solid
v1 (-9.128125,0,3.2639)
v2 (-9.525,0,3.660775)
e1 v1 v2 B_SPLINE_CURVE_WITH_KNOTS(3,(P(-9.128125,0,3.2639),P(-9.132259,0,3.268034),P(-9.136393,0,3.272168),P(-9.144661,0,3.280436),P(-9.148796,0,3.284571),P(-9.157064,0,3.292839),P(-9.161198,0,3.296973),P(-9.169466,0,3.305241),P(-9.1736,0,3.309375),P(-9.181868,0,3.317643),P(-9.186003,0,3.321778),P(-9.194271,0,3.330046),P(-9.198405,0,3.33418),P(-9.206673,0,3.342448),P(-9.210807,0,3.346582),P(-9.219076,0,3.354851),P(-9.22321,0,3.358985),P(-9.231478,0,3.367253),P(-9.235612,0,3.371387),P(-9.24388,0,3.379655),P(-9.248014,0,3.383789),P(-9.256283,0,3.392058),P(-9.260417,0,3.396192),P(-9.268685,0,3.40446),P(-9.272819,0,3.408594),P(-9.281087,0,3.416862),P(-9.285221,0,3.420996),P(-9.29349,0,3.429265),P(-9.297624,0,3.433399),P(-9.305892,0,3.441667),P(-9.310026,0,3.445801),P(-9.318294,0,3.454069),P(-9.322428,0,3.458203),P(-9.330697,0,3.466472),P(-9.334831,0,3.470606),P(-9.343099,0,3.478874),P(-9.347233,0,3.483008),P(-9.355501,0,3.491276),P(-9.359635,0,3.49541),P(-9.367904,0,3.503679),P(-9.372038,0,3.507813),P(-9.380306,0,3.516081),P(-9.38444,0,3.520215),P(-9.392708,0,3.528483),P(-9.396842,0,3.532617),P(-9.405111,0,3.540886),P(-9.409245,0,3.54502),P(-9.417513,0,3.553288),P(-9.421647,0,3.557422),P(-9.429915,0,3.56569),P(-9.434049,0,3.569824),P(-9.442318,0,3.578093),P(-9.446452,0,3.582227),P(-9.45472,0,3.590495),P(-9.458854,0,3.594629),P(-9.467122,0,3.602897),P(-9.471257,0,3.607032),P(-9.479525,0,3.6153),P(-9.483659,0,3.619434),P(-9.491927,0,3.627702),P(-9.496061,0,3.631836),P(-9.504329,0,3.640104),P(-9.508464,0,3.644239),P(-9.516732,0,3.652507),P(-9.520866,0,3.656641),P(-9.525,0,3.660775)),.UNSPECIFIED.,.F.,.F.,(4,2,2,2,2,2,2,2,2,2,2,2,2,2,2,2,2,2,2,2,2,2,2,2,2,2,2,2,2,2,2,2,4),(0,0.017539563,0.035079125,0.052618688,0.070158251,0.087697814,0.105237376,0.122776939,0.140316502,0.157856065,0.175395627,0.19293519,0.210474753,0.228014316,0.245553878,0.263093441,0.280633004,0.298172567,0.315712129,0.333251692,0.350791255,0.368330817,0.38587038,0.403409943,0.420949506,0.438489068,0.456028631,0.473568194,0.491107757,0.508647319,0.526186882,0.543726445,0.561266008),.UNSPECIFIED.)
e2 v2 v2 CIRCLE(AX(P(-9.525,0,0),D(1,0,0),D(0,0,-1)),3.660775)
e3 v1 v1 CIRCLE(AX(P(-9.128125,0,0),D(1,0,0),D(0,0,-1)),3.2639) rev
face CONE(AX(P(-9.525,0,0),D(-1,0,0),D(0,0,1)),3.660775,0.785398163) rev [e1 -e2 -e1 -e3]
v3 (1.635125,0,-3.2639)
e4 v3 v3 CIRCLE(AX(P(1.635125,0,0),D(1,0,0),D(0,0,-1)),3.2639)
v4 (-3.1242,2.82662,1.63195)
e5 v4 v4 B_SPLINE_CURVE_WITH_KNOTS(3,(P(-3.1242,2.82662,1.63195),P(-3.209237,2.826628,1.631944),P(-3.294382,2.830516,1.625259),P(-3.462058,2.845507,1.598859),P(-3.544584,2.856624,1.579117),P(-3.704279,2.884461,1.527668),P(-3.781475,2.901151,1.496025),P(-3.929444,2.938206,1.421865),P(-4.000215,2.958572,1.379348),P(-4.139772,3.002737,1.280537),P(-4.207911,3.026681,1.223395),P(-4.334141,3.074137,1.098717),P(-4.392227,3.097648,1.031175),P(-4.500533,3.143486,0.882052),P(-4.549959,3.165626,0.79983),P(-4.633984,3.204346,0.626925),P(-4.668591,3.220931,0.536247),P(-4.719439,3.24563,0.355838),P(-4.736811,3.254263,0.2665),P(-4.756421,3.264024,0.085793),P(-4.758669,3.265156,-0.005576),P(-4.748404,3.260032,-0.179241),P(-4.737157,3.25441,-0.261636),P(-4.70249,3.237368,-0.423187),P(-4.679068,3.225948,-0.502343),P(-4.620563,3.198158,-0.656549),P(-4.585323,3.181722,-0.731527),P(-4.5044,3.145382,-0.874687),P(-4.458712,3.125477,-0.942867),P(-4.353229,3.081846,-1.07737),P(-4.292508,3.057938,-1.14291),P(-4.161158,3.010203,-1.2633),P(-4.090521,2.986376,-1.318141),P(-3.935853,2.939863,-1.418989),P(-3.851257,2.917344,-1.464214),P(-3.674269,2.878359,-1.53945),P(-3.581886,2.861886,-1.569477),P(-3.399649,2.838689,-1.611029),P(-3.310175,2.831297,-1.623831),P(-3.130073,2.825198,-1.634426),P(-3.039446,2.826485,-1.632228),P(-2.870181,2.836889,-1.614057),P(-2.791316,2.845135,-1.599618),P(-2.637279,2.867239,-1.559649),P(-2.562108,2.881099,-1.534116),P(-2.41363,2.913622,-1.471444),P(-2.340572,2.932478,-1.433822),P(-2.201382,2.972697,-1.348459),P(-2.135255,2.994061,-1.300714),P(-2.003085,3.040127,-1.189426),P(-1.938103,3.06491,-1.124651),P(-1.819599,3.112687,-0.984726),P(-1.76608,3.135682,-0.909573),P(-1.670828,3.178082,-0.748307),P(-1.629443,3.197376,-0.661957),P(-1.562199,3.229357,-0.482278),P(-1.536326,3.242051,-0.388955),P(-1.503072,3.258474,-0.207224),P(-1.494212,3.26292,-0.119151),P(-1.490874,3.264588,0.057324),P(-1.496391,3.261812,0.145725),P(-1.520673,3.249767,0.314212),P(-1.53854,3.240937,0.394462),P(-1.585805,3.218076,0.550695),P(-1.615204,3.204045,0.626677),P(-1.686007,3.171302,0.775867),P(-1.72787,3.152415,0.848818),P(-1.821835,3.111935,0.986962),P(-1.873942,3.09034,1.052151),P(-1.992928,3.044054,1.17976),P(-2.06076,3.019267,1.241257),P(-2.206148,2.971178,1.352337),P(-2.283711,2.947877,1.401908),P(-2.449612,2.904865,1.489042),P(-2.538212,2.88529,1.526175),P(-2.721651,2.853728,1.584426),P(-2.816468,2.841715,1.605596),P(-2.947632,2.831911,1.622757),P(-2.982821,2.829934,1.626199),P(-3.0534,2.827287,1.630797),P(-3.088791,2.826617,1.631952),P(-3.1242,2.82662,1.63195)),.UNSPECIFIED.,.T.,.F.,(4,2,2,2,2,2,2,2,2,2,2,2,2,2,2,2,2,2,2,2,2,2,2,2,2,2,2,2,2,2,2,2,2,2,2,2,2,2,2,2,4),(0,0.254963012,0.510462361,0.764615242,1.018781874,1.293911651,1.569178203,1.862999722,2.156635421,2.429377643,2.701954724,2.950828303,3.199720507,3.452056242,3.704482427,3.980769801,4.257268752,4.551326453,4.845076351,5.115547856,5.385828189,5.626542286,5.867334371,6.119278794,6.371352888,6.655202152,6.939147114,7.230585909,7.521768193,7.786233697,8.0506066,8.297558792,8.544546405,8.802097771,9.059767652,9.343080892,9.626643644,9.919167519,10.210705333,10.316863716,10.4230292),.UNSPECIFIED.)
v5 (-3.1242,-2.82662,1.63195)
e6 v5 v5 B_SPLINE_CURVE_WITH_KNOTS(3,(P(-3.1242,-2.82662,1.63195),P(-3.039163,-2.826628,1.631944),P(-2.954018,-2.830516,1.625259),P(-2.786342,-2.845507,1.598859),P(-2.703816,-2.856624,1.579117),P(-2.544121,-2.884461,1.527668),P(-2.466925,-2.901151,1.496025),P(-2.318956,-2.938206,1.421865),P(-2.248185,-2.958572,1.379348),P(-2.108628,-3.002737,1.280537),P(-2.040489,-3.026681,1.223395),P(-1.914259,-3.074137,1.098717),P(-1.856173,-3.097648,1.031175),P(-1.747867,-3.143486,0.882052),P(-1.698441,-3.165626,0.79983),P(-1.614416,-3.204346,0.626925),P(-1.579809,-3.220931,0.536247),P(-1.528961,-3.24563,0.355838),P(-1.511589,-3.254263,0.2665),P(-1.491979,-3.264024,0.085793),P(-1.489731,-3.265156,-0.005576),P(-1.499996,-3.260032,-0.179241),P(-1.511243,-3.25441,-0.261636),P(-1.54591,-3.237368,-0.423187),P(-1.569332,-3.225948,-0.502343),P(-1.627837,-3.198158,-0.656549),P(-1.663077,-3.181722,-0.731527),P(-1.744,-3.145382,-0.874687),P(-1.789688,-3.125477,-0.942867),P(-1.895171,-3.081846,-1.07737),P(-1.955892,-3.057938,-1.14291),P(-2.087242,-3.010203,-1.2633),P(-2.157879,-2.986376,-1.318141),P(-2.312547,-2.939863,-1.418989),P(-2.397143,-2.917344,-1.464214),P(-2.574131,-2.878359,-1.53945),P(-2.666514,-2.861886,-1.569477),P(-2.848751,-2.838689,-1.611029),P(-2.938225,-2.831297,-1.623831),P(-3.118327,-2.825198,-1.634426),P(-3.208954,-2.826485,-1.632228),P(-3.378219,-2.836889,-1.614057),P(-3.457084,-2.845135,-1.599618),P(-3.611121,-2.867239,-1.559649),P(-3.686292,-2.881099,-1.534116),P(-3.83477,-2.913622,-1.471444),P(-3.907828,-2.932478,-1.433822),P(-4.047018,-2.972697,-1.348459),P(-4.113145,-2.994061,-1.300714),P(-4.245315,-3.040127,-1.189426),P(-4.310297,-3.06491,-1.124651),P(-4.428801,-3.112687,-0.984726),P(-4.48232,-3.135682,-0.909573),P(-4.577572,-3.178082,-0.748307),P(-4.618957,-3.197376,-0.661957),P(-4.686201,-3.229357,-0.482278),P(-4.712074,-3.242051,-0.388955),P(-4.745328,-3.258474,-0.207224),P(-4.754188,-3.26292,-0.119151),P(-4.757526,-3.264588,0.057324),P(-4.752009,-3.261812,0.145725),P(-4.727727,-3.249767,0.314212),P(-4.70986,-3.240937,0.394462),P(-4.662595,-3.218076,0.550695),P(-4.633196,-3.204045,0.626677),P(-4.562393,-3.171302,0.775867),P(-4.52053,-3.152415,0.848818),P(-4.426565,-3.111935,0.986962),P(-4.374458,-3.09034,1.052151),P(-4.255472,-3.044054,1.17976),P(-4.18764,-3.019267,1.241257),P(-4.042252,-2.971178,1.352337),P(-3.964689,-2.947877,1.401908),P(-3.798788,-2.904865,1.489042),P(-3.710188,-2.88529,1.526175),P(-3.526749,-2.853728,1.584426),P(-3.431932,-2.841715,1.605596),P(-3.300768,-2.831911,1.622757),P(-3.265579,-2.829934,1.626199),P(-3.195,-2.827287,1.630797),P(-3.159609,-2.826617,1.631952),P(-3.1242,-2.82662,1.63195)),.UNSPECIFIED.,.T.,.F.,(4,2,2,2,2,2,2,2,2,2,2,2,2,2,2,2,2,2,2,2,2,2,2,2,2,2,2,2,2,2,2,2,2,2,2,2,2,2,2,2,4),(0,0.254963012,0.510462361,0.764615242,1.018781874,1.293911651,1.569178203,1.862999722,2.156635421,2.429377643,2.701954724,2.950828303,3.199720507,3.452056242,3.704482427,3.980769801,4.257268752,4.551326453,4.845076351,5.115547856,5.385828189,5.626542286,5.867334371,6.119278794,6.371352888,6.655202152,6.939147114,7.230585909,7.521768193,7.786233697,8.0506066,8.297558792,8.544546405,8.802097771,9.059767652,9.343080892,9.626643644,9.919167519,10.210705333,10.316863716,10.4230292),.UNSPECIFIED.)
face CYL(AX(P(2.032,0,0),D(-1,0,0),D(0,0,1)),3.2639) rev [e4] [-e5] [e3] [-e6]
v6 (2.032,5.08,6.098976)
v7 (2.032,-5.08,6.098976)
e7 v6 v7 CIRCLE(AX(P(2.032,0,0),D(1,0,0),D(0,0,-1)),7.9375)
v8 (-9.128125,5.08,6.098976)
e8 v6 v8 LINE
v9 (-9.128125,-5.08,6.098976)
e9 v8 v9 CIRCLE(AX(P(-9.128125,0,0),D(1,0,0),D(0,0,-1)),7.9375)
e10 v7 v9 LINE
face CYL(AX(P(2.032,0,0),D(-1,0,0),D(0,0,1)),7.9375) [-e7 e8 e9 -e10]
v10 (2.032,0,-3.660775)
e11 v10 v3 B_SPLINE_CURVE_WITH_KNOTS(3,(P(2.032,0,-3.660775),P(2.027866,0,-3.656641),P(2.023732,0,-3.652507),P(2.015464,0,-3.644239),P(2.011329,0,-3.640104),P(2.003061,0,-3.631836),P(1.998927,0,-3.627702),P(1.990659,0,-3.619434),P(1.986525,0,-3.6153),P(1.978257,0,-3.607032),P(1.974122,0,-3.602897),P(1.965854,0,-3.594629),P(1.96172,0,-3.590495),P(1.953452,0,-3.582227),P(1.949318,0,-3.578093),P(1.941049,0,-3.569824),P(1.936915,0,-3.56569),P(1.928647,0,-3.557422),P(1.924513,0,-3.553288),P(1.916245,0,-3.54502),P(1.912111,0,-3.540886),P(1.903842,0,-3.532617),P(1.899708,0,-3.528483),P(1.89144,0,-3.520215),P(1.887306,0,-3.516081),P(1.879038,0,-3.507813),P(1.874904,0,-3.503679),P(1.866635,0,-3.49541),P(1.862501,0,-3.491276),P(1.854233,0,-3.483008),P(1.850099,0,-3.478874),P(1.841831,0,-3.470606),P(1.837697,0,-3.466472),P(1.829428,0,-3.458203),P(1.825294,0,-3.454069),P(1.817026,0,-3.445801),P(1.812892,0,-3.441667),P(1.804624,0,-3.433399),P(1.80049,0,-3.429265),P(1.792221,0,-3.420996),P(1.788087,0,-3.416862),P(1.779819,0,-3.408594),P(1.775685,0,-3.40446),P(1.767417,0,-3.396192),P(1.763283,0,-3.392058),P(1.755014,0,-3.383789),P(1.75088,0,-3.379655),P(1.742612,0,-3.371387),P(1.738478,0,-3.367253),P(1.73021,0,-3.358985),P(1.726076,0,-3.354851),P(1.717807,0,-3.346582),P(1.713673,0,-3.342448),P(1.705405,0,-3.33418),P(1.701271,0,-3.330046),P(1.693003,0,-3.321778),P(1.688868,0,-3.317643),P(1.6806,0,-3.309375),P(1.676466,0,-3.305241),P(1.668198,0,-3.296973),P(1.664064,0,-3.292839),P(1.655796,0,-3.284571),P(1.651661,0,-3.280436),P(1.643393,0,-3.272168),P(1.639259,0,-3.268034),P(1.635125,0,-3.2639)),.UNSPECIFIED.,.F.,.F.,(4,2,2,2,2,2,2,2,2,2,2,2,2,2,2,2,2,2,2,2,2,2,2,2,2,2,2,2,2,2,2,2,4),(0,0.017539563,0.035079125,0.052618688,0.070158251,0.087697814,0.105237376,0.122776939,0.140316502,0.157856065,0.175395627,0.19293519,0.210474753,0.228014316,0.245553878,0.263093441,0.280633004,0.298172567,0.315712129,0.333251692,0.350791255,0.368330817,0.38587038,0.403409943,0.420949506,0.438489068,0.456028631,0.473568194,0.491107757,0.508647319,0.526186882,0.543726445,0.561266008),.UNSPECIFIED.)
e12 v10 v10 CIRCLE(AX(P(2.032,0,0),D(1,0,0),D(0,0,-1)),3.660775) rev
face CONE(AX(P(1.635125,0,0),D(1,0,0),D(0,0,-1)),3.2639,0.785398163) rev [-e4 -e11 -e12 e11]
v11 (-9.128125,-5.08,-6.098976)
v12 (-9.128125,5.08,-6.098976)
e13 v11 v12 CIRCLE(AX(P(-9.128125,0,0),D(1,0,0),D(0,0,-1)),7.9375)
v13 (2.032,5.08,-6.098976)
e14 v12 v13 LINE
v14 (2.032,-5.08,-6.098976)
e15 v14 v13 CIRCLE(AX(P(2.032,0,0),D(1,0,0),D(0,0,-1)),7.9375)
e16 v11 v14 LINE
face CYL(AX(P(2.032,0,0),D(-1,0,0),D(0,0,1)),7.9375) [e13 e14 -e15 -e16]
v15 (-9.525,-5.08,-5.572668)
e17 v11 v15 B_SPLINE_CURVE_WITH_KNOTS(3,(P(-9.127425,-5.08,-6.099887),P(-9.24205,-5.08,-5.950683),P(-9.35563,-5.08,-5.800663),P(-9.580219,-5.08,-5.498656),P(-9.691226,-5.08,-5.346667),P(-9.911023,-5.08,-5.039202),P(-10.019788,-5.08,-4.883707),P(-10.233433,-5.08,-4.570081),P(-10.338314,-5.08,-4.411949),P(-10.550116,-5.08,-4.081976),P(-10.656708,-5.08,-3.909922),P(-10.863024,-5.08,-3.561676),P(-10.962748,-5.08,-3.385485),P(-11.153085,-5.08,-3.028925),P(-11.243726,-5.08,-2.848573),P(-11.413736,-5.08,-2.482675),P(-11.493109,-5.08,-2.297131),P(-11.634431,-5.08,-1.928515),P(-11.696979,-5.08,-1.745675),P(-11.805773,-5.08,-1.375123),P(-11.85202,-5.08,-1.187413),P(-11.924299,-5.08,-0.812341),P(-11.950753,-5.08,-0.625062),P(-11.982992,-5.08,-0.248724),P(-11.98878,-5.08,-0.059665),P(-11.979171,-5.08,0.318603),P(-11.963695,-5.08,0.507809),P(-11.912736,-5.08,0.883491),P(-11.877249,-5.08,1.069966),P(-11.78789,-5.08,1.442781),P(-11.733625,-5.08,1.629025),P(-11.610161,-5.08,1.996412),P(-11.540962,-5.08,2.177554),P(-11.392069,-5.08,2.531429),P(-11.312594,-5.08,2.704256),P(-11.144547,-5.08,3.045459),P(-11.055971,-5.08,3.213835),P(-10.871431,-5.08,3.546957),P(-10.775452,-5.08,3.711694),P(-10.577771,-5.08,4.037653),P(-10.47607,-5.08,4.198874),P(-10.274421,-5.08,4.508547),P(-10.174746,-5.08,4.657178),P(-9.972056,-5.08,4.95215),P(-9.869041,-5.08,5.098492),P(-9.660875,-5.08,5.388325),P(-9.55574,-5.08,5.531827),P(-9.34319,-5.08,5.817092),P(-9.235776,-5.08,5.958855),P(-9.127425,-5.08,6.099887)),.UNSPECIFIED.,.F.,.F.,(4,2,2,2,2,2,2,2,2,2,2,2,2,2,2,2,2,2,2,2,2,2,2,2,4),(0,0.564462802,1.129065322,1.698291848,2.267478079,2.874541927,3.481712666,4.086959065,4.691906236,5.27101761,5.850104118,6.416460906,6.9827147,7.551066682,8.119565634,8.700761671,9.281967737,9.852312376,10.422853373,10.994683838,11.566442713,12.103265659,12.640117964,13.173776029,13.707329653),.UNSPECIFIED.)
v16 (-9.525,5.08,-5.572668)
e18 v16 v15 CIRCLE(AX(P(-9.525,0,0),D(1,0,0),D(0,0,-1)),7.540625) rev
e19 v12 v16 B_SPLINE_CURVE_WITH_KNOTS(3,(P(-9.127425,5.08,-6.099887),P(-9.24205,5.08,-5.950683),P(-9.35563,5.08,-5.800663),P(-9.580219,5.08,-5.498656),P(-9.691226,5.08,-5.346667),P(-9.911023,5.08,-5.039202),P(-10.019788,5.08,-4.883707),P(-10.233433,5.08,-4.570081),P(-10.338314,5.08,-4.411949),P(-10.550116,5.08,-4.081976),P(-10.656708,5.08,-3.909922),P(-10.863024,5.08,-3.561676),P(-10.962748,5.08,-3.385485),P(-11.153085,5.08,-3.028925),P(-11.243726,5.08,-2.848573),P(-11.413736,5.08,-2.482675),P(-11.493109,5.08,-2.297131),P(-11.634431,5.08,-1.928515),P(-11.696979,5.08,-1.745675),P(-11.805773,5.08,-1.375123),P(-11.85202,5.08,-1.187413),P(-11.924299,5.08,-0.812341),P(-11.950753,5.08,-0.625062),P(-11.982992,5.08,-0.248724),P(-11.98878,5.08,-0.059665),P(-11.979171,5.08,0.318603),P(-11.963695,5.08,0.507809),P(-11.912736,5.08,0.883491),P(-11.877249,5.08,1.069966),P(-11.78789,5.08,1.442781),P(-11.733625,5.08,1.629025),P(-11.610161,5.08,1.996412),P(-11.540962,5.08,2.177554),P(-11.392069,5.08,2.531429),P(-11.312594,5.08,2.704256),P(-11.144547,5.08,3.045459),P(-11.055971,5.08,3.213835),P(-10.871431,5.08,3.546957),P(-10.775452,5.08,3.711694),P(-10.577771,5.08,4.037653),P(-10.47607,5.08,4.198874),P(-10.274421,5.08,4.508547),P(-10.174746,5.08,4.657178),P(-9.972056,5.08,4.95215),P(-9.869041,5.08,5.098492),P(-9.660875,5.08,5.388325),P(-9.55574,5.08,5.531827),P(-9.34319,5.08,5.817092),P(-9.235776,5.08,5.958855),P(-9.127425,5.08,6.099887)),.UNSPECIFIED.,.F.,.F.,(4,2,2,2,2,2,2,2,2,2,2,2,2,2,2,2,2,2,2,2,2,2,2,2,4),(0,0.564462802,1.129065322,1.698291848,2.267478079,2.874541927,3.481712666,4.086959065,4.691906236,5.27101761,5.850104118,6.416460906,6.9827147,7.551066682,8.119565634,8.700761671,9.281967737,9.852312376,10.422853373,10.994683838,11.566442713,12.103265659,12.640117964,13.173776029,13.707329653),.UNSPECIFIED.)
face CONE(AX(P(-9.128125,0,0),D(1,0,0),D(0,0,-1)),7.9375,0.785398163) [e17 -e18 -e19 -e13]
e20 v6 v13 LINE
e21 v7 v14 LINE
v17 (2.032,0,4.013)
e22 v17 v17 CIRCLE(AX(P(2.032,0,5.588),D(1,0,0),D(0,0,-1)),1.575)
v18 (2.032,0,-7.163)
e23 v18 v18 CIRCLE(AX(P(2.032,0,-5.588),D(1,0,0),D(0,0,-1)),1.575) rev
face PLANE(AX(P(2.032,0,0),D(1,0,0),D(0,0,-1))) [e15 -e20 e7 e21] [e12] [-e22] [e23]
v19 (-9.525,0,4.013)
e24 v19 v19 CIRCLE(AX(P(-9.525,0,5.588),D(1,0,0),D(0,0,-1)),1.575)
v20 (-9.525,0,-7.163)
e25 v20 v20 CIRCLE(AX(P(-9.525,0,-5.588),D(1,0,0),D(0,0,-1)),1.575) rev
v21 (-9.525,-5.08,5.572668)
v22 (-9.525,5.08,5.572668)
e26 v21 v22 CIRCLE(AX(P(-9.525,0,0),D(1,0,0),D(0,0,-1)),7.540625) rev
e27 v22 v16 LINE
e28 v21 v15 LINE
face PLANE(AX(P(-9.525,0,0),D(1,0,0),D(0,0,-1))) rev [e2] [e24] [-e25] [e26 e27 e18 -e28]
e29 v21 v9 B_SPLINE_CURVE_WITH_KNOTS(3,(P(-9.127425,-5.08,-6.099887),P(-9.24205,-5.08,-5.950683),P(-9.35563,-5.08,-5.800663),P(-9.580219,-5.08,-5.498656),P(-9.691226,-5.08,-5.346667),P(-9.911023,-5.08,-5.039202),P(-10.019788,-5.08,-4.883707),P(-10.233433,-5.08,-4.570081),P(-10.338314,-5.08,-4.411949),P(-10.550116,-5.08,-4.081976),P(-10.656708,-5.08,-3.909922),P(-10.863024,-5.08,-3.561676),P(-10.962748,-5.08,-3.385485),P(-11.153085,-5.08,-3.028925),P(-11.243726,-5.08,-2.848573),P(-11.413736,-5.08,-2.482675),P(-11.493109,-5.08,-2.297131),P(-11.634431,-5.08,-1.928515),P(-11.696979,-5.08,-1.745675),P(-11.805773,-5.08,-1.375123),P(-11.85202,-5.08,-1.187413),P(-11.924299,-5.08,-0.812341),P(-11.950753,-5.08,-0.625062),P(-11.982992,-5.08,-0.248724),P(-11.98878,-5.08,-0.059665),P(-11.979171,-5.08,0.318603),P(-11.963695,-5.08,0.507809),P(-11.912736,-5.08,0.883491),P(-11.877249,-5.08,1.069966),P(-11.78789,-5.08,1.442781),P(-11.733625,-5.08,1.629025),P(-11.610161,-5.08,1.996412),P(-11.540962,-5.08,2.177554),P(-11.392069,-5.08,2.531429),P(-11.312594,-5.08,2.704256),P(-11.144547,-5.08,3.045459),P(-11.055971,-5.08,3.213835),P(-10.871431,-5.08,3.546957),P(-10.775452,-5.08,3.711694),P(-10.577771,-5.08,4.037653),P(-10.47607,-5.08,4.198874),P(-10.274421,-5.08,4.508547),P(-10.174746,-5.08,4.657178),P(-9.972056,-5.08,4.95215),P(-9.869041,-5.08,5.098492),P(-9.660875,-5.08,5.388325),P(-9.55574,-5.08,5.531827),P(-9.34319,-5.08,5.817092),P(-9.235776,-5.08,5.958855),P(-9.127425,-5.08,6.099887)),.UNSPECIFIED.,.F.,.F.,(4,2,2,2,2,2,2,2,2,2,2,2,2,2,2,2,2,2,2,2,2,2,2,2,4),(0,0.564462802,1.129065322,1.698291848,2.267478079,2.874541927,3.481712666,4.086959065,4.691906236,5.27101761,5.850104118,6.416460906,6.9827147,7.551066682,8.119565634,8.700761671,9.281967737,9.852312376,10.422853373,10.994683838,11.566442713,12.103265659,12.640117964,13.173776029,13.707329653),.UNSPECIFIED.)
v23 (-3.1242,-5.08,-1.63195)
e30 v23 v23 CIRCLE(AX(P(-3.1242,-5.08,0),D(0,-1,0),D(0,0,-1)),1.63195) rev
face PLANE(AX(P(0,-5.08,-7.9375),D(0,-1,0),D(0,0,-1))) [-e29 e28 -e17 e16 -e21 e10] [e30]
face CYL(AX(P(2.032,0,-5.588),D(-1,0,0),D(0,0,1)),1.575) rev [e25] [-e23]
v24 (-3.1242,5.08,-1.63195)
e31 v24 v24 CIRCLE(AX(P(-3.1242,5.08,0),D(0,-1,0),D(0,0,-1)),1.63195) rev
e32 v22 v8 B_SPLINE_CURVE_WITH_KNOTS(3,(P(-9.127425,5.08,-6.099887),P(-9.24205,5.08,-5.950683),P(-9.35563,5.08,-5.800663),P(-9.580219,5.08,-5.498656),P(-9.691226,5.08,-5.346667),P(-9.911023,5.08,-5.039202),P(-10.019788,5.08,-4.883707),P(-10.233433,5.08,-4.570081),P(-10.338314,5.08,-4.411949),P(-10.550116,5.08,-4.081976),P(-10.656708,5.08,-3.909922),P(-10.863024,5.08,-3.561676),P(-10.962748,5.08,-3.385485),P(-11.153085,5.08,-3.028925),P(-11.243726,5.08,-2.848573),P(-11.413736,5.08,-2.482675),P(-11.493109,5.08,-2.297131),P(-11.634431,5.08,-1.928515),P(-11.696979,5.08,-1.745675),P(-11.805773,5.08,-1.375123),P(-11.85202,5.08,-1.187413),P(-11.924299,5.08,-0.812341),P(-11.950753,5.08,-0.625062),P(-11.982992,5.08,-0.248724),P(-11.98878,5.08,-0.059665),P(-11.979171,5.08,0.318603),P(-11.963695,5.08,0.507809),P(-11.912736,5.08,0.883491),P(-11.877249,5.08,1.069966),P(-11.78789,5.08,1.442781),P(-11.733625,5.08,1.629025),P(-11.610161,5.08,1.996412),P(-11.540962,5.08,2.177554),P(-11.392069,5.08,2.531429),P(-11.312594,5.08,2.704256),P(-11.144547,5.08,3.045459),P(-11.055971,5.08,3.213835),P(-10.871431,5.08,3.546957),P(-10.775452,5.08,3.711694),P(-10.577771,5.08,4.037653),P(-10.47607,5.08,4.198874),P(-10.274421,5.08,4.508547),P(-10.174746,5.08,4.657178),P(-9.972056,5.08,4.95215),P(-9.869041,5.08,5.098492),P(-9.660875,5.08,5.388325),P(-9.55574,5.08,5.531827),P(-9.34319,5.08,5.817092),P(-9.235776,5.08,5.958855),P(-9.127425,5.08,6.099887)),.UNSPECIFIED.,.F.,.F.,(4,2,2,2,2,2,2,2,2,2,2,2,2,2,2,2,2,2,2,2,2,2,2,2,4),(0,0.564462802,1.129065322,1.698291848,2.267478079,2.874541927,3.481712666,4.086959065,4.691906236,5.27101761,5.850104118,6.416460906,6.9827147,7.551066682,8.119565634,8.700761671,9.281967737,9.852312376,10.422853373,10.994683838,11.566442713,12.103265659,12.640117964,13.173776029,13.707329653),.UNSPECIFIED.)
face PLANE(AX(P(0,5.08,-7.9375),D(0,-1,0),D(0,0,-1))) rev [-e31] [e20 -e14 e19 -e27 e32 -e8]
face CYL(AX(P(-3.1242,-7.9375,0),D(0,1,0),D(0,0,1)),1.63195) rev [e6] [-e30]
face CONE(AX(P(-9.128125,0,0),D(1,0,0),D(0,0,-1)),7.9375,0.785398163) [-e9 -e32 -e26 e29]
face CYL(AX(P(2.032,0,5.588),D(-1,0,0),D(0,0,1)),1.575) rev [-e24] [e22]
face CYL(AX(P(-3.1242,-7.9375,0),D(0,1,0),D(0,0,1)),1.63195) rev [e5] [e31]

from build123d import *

# Parameters (mm, degrees)
SKETCH1_R                                 = 7.9375
SKETCH1_R_2                               = 1.575
SKETCH1_R_3                               = 3.2639
INNER_SIDE_EXTRUDE_DEPTH                  = 2.032
OUTER_START                               = -9.525
SKETCH1_3_R                               = 7.9375
SKETCH1_3_R_2                             = 1.575
SKETCH1_3_R_3                             = 3.2639
OUTER_SIDE_EXTRUDE_DEPTH                  = 9.525
CLEVIS_PIN_CUT_DEPTH                      = 15.721869362
CLEVIS_PIN_CUT_DEPTH_BACK                 = 15.721869362
SKETCH2_R                                 = 1.63195
CHAMFER_SO_STEVE_DOESN_T_CUT_HIMSELF_SIZE = 0.396875
CUT_EXTRUDE1_DEPTH                        = 15.721869469
CUT_EXTRUDE1_DEPTH_BACK                   = 15.721869469
SKETCH4_W                                 = 19.05
SKETCH4_H                                 = 4.803702905


with BuildPart() as part:
    # Sketch1 → Inner Side Extrude (new body)
    with BuildSketch(Plane(origin=(0, 0, 0), x_dir=(0, 0, -1), z_dir=(1, 0, 0))):
        Circle(SKETCH1_R)
        with Locations((5.588, 0)):
            Circle(SKETCH1_R_2, mode=Mode.SUBTRACT)
        with Locations((-5.588, 0)):
            Circle(SKETCH1_R_2, mode=Mode.SUBTRACT)
        Circle(SKETCH1_R_3, mode=Mode.SUBTRACT)
    extrude(amount=INNER_SIDE_EXTRUDE_DEPTH)

    # Sketch1<3> → Outer Side Extrude (add)
    with BuildSketch(Plane(origin=(0, 0, 0), x_dir=(0, 0, -1), z_dir=(1, 0, 0)).offset(OUTER_START)):
        Circle(SKETCH1_3_R)
        with Locations((5.588, 0)):
            Circle(SKETCH1_3_R_2, mode=Mode.SUBTRACT)
        with Locations((-5.588, 0)):
            Circle(SKETCH1_3_R_2, mode=Mode.SUBTRACT)
        Circle(SKETCH1_3_R_3, mode=Mode.SUBTRACT)
    extrude(amount=OUTER_SIDE_EXTRUDE_DEPTH)

    # Sketch2 → Clevis Pin Cut (cut, two sides: drawn at the far end of the back side and taken through both)
    with BuildSketch(Plane(origin=(0, 0, 0), x_dir=(1, 0, 0), z_dir=(0, 1, 0)).offset(-CLEVIS_PIN_CUT_DEPTH_BACK)):
        with Locations((-3.1242, 0)):
            Circle(SKETCH2_R)
    extrude(amount=CLEVIS_PIN_CUT_DEPTH + CLEVIS_PIN_CUT_DEPTH_BACK, mode=Mode.SUBTRACT)

    # Chamfer so Steve Doesn't cut himself
    chamfer_so_steve_doesn_t_cut_himself_edges = [part.edges().sort_by_distance(p)[0] for p in [
        (-9.525, 0, 3.2639),
        (2.032, 0, 3.2639),
        (-9.525, 0, 7.9375),
    ]]
    chamfer(chamfer_so_steve_doesn_t_cut_himself_edges, length=CHAMFER_SO_STEVE_DOESN_T_CUT_HIMSELF_SIZE)

    # Sketch4 → Cut-Extrude1 (cut, two sides: drawn at the far end of the back side and taken through both)
    with BuildSketch(Plane.XY.offset(-CUT_EXTRUDE1_DEPTH_BACK)):
        with Locations((-3.1242, 7.481851452)):
            Rectangle(SKETCH4_W, SKETCH4_H)
        with Locations((-3.1242, -7.481851452)):
            Rectangle(SKETCH4_W, SKETCH4_H)
    extrude(amount=CUT_EXTRUDE1_DEPTH + CUT_EXTRUDE1_DEPTH_BACK, mode=Mode.SUBTRACT)


solid = part.part
